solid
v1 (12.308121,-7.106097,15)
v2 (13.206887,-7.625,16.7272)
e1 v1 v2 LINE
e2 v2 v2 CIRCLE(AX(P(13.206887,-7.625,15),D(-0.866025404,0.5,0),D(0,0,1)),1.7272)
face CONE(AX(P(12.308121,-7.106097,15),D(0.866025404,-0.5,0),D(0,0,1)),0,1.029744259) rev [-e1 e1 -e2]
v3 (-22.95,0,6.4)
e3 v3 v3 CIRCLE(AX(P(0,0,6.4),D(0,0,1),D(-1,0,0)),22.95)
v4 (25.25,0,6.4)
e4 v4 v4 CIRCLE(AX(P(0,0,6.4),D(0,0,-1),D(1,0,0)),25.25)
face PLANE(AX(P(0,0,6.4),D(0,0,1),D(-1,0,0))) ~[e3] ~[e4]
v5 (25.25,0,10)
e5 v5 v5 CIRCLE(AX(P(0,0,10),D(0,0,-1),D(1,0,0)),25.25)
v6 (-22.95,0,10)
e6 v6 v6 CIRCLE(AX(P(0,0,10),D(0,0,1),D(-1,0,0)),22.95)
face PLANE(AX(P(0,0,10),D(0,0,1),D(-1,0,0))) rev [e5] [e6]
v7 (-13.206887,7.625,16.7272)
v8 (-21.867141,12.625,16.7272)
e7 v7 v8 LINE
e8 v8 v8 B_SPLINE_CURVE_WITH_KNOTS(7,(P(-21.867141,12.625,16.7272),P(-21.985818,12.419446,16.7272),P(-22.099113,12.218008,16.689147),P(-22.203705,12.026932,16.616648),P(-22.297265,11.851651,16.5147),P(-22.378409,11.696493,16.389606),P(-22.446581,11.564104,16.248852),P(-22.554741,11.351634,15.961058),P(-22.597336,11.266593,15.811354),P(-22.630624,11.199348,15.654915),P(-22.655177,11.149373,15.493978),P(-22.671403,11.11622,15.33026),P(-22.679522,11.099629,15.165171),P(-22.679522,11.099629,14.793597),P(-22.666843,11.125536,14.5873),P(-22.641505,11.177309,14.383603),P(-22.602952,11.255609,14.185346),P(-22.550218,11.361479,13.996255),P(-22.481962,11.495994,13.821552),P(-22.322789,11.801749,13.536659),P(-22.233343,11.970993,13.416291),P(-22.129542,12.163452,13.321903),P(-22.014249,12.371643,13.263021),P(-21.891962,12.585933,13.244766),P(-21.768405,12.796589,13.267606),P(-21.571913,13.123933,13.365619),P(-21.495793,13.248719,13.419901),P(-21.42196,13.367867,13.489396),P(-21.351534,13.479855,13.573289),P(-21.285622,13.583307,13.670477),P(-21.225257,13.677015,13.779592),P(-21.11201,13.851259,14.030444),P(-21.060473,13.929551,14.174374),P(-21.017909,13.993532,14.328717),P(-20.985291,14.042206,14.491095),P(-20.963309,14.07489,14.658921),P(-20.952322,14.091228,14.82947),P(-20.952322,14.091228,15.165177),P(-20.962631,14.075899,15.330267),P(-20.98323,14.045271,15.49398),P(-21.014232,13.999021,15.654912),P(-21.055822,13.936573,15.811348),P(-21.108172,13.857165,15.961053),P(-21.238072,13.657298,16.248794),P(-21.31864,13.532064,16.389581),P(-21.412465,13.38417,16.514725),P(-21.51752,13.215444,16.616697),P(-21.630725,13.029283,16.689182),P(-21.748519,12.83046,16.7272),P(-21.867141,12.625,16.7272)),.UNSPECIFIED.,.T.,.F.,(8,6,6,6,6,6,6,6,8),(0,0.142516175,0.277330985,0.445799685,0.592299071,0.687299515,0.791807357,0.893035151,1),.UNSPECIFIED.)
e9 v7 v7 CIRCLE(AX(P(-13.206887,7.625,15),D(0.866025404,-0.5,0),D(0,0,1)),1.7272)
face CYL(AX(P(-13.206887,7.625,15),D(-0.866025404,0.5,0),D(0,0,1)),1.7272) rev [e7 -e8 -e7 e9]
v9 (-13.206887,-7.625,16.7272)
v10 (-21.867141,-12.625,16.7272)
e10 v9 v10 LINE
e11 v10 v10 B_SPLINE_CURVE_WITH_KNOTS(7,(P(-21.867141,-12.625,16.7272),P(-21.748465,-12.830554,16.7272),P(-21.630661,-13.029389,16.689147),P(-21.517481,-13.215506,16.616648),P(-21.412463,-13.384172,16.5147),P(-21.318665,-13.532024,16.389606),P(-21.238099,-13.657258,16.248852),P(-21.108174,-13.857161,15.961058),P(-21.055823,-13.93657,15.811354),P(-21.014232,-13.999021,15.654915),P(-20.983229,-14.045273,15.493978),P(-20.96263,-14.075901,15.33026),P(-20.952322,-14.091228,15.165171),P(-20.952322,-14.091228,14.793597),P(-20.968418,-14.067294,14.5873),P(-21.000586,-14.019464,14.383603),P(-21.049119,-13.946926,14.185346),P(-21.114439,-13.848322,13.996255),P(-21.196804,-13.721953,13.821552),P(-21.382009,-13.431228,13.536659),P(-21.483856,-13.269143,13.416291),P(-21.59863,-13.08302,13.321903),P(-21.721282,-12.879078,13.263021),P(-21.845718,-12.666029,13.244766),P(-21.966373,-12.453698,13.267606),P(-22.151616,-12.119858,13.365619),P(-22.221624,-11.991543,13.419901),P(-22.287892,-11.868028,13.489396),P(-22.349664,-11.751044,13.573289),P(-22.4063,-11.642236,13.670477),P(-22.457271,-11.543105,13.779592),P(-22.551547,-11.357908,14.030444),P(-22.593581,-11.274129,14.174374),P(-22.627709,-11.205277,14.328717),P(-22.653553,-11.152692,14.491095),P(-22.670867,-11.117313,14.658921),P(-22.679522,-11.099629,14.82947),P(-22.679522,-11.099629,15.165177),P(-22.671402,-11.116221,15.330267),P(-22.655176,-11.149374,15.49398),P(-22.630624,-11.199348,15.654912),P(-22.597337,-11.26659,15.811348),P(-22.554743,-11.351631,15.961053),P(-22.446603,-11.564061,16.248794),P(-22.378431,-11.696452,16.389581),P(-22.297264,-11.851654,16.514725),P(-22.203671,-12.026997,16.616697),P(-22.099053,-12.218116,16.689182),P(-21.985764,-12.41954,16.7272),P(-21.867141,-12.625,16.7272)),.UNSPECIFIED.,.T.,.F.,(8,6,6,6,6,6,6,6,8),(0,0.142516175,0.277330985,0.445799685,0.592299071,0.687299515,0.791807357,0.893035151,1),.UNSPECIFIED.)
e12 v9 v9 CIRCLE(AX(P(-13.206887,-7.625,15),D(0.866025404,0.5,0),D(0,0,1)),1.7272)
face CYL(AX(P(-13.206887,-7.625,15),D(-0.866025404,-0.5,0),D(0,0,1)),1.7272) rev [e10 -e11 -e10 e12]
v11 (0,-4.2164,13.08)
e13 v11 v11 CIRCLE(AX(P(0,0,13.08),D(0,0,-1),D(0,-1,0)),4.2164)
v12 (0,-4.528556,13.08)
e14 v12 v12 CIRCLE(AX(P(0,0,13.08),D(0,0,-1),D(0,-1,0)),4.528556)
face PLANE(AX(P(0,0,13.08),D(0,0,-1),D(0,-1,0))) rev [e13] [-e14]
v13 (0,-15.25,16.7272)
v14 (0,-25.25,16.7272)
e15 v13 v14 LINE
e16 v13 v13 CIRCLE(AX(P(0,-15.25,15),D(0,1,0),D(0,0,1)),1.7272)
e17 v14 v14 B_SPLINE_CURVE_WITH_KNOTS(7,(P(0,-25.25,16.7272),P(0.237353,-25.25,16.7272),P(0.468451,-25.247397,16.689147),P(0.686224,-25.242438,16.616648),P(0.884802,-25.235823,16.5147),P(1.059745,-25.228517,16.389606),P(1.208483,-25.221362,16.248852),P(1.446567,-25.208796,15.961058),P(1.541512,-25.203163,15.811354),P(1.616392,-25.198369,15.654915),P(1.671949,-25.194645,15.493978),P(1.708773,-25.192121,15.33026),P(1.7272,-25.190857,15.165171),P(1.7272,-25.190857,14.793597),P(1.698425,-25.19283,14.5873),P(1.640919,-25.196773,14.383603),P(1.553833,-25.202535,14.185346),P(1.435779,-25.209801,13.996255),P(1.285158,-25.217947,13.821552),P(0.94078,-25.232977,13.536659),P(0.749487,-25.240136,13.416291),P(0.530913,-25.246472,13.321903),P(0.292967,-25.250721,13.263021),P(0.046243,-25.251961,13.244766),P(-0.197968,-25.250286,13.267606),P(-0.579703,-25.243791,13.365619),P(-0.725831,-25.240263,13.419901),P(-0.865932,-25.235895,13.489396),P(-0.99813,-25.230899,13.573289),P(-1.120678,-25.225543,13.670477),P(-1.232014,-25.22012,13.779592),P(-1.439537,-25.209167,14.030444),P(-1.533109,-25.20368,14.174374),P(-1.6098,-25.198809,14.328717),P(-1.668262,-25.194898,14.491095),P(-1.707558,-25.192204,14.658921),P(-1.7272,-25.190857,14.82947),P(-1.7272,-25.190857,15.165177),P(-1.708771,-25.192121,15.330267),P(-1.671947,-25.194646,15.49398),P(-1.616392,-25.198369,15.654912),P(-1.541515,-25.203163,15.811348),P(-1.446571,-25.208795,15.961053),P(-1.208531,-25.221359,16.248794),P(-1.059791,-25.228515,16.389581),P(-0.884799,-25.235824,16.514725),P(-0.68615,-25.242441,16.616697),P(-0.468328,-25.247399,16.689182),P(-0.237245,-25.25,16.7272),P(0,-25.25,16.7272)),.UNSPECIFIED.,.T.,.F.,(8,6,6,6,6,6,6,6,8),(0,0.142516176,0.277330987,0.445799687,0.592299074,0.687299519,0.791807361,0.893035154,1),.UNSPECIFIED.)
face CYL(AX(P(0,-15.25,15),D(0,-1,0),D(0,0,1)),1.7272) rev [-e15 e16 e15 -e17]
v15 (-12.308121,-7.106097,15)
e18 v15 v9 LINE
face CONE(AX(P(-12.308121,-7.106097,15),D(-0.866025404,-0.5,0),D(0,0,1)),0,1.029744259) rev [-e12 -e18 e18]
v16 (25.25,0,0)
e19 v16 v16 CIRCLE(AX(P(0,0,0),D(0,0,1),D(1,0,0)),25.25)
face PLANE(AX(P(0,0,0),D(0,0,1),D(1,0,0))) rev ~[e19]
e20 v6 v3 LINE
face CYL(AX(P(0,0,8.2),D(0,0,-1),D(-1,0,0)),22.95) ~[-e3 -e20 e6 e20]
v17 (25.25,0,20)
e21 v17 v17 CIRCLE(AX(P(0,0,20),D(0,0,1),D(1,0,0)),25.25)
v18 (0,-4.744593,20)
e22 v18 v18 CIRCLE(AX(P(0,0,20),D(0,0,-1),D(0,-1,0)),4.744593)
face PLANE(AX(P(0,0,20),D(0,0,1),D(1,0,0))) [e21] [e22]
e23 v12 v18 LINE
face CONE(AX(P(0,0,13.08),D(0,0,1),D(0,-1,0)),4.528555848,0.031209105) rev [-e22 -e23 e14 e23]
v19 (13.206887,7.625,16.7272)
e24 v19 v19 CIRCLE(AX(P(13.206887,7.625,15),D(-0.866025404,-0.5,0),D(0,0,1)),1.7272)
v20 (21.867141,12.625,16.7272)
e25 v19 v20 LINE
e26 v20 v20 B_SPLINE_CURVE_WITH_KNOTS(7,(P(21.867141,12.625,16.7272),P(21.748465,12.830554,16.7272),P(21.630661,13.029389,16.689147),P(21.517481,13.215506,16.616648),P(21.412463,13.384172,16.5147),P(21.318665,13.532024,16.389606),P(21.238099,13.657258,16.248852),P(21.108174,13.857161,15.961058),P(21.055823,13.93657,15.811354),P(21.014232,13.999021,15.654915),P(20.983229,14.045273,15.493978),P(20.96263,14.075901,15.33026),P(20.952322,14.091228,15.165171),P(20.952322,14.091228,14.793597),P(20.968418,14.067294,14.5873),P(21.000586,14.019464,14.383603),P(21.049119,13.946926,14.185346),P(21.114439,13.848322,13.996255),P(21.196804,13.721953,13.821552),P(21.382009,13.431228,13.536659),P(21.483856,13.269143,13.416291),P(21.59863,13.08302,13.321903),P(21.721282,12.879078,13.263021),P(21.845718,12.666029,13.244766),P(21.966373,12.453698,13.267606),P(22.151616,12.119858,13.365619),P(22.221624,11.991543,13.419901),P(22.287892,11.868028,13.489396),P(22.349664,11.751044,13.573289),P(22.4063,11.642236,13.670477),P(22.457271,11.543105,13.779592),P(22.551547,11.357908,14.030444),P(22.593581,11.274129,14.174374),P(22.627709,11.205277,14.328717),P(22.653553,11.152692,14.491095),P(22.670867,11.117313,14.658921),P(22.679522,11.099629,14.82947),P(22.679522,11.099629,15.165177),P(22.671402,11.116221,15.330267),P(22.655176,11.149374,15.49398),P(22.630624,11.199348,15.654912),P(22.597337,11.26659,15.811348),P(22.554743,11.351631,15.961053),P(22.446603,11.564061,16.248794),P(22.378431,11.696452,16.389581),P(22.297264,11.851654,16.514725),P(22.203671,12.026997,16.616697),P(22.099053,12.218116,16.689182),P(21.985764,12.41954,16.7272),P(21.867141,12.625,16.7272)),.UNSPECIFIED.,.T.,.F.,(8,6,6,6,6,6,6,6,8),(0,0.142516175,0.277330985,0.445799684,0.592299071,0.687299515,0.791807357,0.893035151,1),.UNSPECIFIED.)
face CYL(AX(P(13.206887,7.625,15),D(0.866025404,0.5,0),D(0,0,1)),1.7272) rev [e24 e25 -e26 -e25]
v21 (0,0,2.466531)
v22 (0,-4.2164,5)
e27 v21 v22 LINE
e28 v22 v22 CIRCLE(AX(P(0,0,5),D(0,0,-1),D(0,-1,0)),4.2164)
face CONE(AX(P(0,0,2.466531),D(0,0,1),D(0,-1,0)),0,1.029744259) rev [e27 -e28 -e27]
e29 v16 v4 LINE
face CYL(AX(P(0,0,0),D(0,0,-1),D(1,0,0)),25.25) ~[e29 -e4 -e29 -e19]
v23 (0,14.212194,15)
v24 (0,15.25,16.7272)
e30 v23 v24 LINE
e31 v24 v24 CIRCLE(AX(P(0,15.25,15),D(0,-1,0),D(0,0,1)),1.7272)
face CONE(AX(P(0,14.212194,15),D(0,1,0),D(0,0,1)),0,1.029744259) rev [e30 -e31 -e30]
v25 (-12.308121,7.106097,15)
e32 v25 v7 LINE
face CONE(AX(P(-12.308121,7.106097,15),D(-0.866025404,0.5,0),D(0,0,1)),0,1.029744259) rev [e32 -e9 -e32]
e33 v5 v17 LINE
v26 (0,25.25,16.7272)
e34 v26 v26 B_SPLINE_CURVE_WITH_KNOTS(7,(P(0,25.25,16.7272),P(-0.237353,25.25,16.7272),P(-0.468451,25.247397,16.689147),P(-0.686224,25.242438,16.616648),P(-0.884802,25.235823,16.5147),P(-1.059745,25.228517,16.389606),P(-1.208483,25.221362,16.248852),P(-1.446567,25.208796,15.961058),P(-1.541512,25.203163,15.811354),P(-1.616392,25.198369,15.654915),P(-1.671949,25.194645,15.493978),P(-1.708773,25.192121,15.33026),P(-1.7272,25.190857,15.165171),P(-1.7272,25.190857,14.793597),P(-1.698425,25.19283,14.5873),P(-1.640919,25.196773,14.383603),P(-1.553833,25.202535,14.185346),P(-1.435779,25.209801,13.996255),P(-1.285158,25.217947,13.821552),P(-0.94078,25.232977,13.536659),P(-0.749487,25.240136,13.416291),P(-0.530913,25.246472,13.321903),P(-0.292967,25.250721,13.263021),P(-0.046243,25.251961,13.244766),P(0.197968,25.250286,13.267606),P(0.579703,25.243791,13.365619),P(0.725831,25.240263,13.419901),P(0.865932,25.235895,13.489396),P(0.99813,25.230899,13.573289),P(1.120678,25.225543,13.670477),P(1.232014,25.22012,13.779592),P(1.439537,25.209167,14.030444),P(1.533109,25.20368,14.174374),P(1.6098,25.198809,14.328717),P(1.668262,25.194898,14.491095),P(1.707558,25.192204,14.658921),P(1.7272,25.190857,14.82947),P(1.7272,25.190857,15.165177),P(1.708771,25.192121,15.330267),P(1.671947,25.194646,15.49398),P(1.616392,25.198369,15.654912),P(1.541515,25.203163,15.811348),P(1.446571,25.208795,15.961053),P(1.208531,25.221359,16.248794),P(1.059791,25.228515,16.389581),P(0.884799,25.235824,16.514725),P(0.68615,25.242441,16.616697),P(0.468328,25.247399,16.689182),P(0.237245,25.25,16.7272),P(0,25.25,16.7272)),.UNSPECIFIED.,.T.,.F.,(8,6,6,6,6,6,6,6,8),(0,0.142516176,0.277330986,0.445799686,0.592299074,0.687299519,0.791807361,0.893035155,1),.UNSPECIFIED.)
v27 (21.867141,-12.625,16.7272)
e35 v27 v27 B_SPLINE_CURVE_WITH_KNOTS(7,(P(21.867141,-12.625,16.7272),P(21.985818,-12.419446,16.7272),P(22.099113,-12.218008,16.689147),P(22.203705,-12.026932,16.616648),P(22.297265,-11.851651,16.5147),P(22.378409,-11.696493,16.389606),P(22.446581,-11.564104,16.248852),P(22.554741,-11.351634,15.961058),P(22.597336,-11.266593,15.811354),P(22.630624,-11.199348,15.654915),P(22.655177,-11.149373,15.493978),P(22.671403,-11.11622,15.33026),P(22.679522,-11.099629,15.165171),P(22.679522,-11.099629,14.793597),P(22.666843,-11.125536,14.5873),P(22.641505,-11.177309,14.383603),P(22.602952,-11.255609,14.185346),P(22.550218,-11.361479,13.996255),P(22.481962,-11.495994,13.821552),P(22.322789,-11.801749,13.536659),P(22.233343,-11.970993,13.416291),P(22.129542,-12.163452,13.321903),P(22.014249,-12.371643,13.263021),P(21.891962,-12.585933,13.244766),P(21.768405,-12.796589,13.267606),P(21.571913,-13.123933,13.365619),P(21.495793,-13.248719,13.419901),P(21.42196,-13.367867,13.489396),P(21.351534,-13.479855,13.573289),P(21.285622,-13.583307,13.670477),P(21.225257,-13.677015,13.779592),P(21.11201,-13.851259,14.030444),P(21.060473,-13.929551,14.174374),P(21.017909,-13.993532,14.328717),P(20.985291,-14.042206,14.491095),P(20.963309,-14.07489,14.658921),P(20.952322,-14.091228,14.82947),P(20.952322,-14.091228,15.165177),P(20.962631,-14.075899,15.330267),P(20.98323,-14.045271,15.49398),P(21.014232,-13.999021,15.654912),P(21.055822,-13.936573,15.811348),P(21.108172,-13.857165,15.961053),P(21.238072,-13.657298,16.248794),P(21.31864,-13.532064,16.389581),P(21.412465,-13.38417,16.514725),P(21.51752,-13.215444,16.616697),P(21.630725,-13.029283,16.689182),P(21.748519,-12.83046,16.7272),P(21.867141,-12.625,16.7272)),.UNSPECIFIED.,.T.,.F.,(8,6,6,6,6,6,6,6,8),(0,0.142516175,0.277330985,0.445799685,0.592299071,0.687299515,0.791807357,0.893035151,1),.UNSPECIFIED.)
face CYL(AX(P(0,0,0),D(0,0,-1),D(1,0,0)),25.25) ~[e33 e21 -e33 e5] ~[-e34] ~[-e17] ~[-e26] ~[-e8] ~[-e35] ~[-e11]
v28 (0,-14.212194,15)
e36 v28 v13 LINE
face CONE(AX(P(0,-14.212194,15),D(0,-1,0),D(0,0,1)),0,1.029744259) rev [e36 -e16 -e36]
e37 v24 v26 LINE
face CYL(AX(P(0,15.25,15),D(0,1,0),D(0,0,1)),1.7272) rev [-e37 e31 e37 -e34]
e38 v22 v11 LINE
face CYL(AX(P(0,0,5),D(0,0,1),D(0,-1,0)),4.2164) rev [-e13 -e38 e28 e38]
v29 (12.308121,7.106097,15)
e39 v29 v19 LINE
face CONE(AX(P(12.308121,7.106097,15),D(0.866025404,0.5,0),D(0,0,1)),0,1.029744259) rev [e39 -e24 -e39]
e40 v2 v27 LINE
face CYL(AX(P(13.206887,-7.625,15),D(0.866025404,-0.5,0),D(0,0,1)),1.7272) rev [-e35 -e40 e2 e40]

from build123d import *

# Parameters (mm, degrees)
SKETCH2_R           = 25.25
BOSS_EXTRUDE1_DEPTH = 20
SKETCH3_W           = 3.6
SKETCH3_H           = 2.3
CIRPATTERN1_COUNT   = 6


with BuildPart() as part:
    # Sketch2 → Boss-Extrude1 (new body)
    with BuildSketch(Plane.XY):
        Circle(SKETCH2_R)
    extrude(amount=BOSS_EXTRUDE1_DEPTH)

    # Sketch3 → Cut-Revolve1 (revolve, cut)
    with BuildSketch(Plane(origin=(0, 0, 0), x_dir=(0, 0, -1), z_dir=(1, 0, 0)), mode=Mode.PRIVATE) as cut_revolve1_sk:
        with Locations((-8.2, 24.1)):
            Rectangle(SKETCH3_W, SKETCH3_H)
    revolve(cut_revolve1_sk.sketch.rotate(Axis((0, 0, 0), (0, 0, 1)), 90), axis=Axis((0, 0, 0), (0, 0, 1)), mode=Mode.SUBTRACT)

    # Sketch7 → #8-32 Tapped Hole2 (revolve, cut)
    with BuildSketch(Plane(origin=(0, 25.25, 15), x_dir=(0, 0, 1), z_dir=(1, 0, 0))):
        Polygon((0, 0), (0, 11.037806461), (1.7272, 10), (1.7272, 0), align=None)
    f_8_32_tapped_hole2 = revolve(axis=Axis((0, 31.6, 15), (0, -1, 0)), mode=Mode.SUBTRACT)

    # CirPattern1: #8-32 Tapped Hole2 ×6 about axis
    cirpattern1_axis = Axis((0, 0, 21.768762267), (0, 0, -1))
    for i in range(1, CIRPATTERN1_COUNT):
        add(f_8_32_tapped_hole2.rotate(cirpattern1_axis, i * 360 / CIRPATTERN1_COUNT), mode=Mode.SUBTRACT)

    # Sketch11 → 1/8 NPT Tapped Hole1 (revolve, cut)
    with BuildSketch(Plane(origin=(0, 0, 20), x_dir=(0, -1, 0), z_dir=(1, 0, 0))):
        Polygon((0, 0), (0, 17.533468714), (4.2164, 15), (4.2164, 6.92), (4.528555848, 6.92), (4.744593, 0), align=None)
    revolve(axis=Axis((0, 0, 26.35), (0, 0, -1)), mode=Mode.SUBTRACT)


solid = part.part
